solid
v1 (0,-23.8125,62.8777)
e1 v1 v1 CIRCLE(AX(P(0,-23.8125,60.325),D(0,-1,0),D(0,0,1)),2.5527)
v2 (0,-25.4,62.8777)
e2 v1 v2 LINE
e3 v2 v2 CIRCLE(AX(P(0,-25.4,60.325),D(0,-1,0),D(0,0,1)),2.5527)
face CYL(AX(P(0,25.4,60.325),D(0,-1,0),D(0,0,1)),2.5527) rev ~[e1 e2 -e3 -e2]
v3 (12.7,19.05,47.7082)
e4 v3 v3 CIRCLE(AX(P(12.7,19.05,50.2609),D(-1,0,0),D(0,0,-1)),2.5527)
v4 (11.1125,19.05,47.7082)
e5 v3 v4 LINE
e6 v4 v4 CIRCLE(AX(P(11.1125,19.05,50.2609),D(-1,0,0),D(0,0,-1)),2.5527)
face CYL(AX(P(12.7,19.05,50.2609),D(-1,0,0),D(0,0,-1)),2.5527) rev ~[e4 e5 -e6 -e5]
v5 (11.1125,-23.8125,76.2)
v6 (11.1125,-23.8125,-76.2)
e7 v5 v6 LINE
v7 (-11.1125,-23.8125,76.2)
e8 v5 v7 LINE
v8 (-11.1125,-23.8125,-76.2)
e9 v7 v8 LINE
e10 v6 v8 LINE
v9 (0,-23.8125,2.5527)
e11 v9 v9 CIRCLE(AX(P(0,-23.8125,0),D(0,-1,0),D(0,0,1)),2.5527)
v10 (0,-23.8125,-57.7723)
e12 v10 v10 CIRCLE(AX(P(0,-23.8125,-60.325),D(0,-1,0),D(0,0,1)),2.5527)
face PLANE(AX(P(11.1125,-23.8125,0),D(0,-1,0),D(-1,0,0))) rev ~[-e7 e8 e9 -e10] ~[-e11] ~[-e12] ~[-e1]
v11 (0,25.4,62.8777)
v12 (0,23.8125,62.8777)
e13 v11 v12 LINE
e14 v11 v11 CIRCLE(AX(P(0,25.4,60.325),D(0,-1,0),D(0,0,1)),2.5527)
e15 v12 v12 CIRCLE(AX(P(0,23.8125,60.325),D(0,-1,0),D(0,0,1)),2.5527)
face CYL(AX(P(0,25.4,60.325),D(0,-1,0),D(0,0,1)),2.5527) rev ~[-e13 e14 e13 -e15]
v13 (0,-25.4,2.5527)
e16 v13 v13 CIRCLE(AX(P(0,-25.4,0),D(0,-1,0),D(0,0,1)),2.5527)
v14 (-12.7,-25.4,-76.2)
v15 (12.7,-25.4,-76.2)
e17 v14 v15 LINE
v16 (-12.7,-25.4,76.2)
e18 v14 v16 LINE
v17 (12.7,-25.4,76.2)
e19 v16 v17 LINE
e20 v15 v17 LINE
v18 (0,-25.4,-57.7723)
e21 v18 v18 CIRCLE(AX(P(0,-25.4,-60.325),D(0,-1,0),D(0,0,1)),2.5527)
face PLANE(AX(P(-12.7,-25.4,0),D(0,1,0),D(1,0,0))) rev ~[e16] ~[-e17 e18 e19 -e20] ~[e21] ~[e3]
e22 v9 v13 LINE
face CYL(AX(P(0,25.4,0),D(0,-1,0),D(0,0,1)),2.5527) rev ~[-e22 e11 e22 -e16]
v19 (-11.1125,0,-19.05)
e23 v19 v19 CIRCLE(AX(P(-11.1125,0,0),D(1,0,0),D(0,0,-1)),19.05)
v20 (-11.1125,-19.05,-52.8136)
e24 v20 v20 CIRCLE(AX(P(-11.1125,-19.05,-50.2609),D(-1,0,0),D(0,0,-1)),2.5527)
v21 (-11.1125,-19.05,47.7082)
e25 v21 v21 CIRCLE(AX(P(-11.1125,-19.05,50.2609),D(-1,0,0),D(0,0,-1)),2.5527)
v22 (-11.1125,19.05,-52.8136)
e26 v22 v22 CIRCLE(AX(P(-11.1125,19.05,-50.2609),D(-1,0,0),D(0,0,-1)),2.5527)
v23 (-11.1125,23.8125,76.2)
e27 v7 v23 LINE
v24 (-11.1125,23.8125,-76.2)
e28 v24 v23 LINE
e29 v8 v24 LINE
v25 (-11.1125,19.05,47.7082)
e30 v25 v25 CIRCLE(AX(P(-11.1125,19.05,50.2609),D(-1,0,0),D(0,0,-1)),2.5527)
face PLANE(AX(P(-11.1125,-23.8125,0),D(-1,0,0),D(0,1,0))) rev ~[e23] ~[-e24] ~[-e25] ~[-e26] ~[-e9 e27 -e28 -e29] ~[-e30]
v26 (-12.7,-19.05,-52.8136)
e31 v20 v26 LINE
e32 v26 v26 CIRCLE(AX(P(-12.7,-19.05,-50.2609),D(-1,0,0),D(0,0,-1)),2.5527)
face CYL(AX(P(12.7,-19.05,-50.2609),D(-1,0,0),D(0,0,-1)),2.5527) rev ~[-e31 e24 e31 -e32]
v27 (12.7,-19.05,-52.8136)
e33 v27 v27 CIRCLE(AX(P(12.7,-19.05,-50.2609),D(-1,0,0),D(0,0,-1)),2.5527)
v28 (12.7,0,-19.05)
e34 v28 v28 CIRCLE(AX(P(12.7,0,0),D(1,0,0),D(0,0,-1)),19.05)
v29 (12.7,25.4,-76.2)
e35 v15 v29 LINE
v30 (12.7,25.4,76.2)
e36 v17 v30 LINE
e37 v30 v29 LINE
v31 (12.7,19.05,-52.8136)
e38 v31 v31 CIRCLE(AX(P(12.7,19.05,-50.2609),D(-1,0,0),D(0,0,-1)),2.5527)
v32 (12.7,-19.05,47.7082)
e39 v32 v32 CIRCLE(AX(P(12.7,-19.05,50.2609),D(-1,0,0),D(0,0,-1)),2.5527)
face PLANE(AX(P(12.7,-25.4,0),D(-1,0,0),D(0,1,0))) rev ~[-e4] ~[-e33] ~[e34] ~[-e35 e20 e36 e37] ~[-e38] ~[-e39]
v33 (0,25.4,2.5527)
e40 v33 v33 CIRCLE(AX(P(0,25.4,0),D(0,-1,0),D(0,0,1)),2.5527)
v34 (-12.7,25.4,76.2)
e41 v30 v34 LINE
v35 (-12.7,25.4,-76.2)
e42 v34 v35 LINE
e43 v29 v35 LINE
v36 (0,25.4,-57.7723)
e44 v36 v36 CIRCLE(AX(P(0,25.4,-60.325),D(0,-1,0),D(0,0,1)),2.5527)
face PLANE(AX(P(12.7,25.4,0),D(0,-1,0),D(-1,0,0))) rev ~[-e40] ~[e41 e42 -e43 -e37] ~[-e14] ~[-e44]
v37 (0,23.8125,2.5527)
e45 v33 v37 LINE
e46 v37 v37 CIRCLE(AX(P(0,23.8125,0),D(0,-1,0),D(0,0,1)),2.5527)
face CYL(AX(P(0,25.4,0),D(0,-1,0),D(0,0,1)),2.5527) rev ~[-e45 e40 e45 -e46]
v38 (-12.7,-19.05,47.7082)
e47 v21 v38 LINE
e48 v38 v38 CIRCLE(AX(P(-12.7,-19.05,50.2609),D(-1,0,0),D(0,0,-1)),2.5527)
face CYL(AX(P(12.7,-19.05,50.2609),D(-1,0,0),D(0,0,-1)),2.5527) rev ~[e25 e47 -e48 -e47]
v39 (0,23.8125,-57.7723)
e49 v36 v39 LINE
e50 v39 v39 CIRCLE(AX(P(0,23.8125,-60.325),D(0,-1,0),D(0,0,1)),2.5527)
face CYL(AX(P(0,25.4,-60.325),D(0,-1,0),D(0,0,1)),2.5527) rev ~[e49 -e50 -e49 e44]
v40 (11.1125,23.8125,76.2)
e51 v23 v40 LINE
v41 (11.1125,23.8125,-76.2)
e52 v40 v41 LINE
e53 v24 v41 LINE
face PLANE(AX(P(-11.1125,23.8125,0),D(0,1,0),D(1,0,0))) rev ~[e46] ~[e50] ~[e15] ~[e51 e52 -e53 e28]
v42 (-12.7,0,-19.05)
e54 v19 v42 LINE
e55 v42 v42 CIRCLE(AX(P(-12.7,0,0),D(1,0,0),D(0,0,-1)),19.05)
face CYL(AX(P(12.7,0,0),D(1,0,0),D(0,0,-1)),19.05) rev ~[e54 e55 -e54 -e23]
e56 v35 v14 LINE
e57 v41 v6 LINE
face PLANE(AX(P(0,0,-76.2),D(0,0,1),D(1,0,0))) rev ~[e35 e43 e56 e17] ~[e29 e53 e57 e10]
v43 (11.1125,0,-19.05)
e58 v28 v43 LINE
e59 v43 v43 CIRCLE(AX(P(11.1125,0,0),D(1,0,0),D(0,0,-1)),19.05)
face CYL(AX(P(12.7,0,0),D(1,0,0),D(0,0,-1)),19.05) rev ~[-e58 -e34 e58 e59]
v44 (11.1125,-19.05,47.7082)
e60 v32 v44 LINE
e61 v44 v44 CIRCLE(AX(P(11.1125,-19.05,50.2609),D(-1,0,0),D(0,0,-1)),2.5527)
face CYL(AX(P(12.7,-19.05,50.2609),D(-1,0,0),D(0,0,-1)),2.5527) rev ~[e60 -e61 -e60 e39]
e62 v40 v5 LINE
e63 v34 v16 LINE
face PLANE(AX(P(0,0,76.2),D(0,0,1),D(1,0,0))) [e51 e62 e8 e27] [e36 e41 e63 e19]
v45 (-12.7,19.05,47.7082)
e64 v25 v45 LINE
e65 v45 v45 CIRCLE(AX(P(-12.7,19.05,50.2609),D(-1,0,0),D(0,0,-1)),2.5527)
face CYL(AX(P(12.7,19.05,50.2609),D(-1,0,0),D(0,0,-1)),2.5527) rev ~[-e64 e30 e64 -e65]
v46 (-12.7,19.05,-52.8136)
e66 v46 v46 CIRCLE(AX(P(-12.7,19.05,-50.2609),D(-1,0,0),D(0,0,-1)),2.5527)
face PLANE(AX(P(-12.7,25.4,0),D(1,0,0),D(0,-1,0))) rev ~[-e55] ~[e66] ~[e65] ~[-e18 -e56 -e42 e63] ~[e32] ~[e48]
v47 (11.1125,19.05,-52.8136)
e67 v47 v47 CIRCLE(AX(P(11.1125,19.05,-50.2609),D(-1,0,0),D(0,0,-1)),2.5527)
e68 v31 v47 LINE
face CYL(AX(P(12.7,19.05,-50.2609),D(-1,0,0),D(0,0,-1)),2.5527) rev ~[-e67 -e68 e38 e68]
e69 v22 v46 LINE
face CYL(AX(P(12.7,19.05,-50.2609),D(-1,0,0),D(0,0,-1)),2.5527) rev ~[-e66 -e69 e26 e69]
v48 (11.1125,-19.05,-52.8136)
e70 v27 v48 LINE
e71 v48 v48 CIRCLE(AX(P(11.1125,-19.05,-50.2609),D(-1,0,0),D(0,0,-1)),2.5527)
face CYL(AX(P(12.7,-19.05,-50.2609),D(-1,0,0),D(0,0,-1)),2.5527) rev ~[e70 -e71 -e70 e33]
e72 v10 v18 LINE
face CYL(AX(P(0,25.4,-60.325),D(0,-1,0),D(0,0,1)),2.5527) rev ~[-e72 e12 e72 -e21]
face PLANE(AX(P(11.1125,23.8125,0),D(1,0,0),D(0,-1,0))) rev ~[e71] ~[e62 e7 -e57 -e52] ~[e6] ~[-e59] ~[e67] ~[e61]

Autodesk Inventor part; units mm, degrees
ref_plane "YZ Plane" through (0, 0, 0) normal (1, 0, 0) x (0, 1, 0)
ref_plane "XZ Plane" through (0, 0, 0) normal (0, 1, 0) x (-1, 0, 0)
ref_plane "XY Plane" through (0, 0, 0) normal (0, 0, 1) x (1, 0, 0)
sketch "Sketch1" plane through (0, 0, 0) normal (0, 0, 1) x (1, 0, 0)
  line L0 (-12.7, -25.4) -> (12.7, -25.4)
  line L1 (12.7, -25.4) -> (12.7, 25.4)
  line L2 (12.7, 25.4) -> (-12.7, 25.4)
  line L3 (-12.7, 25.4) -> (-12.7, -25.4)
  line L4 (-12.7, -25.4) -> (12.7, 25.4) construction
  line L5 (12.7, -25.4) -> (-12.7, 25.4) construction
  line L6 (-11.1125, 23.8125) -> (11.1125, 23.8125)
  line L7 (11.1125, 23.8125) -> (11.1125, -23.8125)
  line L8 (11.1125, -23.8125) -> (-11.1125, -23.8125)
  line L9 (-11.1125, -23.8125) -> (-11.1125, 23.8125)
  point P0 (0, 0)
  dimension "width" = 25.4
  dimension "height" = 50.8
  dimension "thickness" = 1.5875
extrude "Extrusion1" add sketch "Sketch1" along normal mid plane 152.4
sketch "Sketch2" plane through (-12.7, 25.4, 76.2) normal (0, 1, 0) x (1, 0, 0)
  line L0 (0, 152.4) -> (0, 0) construction
  line L1 (25.4, 0) -> (0, 0) construction
  line L2 (25.4, 152.4) -> (25.4, 0) construction
  line L3 (0, 152.4) -> (25.4, 152.4) construction
  line L4 (12.7, 136.525) -> (12.7, 15.875) construction
  point P0 (12.7, 76.2)
  point P1 (12.7, 76.2)
  point P2 (12.7, 76.2)
  dimension "d5" = 120.65
hole "Hole1" at (0, 25.4, -60.325) at (0, 25.4, 60.325) at (0, 25.4, 0) direction (0, -1, 0) diameter 5.1054 end through all clearance for "Flat Head Machine Screw (82)" size "#10" standard "Ansi Unified Screw Threads"
sketch "Sketch4" plane through (12.7, -25.4, 76.2) normal (1, 0, 0) x (0, 0, -1)
  circle A0 centre (76.2, 25.4) radius 53.75 construction
  line L0 (25.9391, 6.35) -> (126.4609, 6.35) construction
  line L1 (126.4609, 6.35) -> (126.4609, 44.45) construction
  line L2 (126.4609, 44.45) -> (25.9391, 44.45) construction
  line L3 (25.9391, 44.45) -> (25.9391, 6.35) construction
  line L4 (25.9391, 6.35) -> (126.4609, 44.45) construction
  line L5 (126.4609, 6.35) -> (25.9391, 44.45) construction
  line L6 (0, 0) -> (0, 50.8) construction
  dimension "d25" = 107.5
  dimension "d28" = 38.1
hole "Hole3" at (12.7, 19.05, 50.2609) at (12.7, 19.05, -50.2609) at (12.7, -19.05, -50.2609) at (12.7, -19.05, 50.2609) direction (-1, 0, 0) diameter 5.1054 end through all clearance for "Flat Head Machine Screw (82)" size "#10" standard "Ansi Unified Screw Threads"
sketch "Sketch5" plane through (12.7, -25.4, 76.2) normal (1, 0, 0) x (0, 0, -1)
  circle A0 centre (76.2, 25.4) radius 19.05
  dimension "d36" = 38.1
extrude "Extrusion2" cut sketch "Sketch5" against normal blind 25.4
sketch "Sketch3" plane through (12.7, -25.4, 76.2) normal (1, 0, 0) x (0, 0, -1)
  line L0 (25.9391, 44.45) -> (126.4609, 44.45) construction
  line L1 (126.4609, 44.45) -> (126.4609, 6.35) construction
  line L2 (126.4609, 6.35) -> (25.9391, 6.35) construction
  line L3 (25.9391, 6.35) -> (25.9391, 44.45) construction
  line L4 (25.9391, 44.45) -> (126.4609, 6.35) construction
  line L5 (126.4609, 44.45) -> (25.9391, 6.35) construction
  circle A0 centre (76.2, 25.4) radius 60 construction
  circle A1 centre (76.2, 25.4) radius 47.5 construction
  circle A2 centre (76.2, 25.4) radius 53.75 construction
  dimension "d16" = 107.5
  dimension "d14" = 120
  dimension "d15" = 95
  dimension "d17" = 38.1
properties part number "GP7-004" material "Aluminum 6061"
